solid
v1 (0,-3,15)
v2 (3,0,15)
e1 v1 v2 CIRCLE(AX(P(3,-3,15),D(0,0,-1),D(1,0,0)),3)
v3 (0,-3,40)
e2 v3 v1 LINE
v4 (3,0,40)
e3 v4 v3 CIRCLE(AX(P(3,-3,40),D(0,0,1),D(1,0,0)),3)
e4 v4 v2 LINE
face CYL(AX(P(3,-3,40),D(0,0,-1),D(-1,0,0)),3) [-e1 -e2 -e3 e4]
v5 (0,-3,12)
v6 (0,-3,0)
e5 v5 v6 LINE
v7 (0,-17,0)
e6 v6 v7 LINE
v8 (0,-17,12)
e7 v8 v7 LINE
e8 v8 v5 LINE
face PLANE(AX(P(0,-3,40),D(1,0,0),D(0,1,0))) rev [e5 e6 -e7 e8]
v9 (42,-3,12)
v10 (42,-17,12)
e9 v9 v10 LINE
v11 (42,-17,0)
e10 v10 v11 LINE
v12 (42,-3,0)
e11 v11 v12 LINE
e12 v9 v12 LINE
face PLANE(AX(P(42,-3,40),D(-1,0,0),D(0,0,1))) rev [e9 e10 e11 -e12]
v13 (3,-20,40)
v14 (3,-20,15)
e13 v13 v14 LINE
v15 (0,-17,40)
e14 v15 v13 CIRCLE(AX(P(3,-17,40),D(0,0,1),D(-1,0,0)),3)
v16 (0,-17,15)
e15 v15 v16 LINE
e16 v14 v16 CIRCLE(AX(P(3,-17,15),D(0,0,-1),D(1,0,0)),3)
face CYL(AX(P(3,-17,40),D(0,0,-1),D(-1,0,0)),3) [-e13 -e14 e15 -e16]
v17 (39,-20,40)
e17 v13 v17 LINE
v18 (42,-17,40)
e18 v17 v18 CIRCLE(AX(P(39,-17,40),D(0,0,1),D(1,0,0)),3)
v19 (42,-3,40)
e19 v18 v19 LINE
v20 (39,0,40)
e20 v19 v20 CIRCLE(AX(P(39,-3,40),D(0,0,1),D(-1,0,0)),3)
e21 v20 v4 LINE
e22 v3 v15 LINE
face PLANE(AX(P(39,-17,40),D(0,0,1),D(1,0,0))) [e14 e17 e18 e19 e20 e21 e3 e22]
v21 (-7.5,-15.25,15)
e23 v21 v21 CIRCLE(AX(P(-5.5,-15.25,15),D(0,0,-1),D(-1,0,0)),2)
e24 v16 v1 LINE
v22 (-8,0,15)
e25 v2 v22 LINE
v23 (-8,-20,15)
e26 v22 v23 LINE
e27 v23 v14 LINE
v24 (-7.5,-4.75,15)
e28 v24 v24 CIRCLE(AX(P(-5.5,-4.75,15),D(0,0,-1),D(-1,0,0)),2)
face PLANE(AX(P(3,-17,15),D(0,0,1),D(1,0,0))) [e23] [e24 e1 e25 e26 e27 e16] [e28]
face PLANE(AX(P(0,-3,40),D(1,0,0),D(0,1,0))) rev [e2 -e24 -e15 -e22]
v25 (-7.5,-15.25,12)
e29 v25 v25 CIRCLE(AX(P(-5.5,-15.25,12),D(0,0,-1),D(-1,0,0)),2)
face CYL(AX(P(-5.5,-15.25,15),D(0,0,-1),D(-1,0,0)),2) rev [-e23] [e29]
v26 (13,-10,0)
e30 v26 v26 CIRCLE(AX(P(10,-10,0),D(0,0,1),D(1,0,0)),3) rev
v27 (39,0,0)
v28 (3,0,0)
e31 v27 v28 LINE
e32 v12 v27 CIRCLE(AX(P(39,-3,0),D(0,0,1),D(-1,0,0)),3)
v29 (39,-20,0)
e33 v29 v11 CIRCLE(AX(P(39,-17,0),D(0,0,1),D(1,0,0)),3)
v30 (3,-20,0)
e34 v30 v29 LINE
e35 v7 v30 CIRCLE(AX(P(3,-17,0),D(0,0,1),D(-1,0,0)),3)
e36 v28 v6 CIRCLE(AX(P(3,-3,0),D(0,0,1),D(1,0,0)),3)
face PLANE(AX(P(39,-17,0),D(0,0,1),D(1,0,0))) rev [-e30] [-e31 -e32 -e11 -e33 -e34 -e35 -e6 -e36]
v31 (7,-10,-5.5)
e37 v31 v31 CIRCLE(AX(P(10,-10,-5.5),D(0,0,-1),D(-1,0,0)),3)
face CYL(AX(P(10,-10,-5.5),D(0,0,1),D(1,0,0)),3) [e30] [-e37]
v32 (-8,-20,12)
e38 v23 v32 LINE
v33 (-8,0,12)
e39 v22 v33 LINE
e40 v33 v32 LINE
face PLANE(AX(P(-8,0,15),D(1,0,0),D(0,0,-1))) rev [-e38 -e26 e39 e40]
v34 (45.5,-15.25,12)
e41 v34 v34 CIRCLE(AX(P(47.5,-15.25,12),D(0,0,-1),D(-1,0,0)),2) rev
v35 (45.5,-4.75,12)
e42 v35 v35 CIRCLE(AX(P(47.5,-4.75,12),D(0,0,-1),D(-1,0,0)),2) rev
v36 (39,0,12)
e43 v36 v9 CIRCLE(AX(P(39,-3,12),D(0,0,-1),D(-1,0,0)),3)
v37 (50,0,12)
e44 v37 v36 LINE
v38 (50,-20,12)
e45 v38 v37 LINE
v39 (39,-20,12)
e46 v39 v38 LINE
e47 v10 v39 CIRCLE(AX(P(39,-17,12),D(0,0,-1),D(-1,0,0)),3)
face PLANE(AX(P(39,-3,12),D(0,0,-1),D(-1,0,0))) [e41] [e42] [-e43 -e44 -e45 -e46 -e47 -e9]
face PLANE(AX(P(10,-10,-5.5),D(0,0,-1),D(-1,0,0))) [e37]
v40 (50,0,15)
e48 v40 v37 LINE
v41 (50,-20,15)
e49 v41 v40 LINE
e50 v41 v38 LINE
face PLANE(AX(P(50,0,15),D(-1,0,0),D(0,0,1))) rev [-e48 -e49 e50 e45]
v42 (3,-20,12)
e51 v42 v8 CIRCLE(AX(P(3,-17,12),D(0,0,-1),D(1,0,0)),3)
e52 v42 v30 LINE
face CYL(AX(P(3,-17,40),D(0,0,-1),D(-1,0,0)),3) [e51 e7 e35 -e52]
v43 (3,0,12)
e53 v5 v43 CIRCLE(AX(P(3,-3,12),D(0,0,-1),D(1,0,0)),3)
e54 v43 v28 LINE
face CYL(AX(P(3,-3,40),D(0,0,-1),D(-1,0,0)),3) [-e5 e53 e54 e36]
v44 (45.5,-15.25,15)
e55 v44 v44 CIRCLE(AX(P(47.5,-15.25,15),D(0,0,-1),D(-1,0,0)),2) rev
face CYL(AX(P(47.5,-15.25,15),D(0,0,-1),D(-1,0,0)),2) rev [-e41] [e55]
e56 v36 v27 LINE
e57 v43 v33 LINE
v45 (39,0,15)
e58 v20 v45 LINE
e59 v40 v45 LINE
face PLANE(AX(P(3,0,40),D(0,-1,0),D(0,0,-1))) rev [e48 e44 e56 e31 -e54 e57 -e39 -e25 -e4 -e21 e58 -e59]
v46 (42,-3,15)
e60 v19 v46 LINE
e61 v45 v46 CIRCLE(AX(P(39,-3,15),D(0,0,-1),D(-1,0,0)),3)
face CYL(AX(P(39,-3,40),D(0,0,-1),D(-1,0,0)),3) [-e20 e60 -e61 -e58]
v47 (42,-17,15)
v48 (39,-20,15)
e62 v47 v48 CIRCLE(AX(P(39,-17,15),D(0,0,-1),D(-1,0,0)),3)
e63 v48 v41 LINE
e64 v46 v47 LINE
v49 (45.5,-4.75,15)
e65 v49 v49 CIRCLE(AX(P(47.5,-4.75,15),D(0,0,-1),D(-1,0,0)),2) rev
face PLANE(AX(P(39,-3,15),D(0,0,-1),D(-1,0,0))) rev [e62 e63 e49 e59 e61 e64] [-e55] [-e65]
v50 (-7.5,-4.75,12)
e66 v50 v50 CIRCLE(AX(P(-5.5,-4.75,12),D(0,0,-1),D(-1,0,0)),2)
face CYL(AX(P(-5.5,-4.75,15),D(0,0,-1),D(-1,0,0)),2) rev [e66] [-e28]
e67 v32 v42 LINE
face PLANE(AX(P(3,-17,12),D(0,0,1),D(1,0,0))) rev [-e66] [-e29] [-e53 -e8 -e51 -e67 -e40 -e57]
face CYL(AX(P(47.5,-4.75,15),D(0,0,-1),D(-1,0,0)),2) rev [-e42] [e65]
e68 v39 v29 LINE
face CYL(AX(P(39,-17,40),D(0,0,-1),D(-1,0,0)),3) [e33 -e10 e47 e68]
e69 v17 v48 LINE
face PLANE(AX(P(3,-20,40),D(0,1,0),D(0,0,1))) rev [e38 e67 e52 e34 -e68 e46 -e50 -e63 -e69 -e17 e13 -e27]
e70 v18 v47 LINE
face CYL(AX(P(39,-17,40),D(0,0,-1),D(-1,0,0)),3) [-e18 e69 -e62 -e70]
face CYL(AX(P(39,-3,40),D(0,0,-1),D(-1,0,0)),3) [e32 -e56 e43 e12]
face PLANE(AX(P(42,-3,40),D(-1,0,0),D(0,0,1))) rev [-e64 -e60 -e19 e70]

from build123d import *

# Parameters (mm, degrees)
EXTRUDE_1_DEPTH     = 40
EXTRUDE_2_DEPTH     = 3
SKETCH_4_R          = 2
CUT_EXTRUDE_1_DEPTH = 3
SKETCH_5_R          = 3
EXTRUDE_3_DEPTH     = 5.5


with BuildPart() as part:
    # 草图1 → 凸台-拉伸1 (new body)
    with BuildSketch(Plane.XY):
        with BuildLine():
            Line((3, 0), (39, 0))
            ThreePointArc((39, 0), (41.121320344, -0.878679656), (42, -3))
            Line((42, -3), (42, -17))
            ThreePointArc((42, -17), (41.121320344, -19.121320344), (39, -20))
            Line((39, -20), (3, -20))
            ThreePointArc((3, -20), (0.878679656, -19.121320344), (0, -17))
            Line((0, -17), (0, -3))
            ThreePointArc((0, -3), (0.878679656, -0.878679656), (3, 0))
        make_face()
    extrude(amount=EXTRUDE_1_DEPTH)

    # 草图3 → 凸台-拉伸2 (add)
    with BuildSketch(Plane.XY.offset(12)):
        with BuildLine():
            Line((3, 0), (-8, 0))
            Line((-8, 0), (-8, -20))
            Line((-8, -20), (3, -20))
            ThreePointArc((3, -20), (0.878679656, -19.121320344), (0, -17))
            Line((0, -17), (0, -3))
            ThreePointArc((0, -3), (0.878679656, -0.878679656), (3, 0))
        make_face()
        with BuildLine():
            Line((42, -3), (42, -17))
            ThreePointArc((42, -17), (41.121320344, -19.121320344), (39, -20))
            Line((39, -20), (50, -20))
            Line((50, -20), (50, 0))
            Line((50, 0), (39, 0))
            ThreePointArc((39, 0), (41.121320344, -0.878679656), (42, -3))
        make_face()
    extrude(amount=EXTRUDE_2_DEPTH)

    # 草图4 → 切除-拉伸1 (cut)
    with BuildSketch(Plane(origin=(0, 0, 12), x_dir=(-1, 0, 0), z_dir=(0, 0, -1))):
        with Locations((5.5, -4.75)):
            Circle(SKETCH_4_R)
        with Locations((5.5, -15.25)):
            Circle(SKETCH_4_R)
        with Locations((-47.5, -4.75)):
            Circle(SKETCH_4_R)
        with Locations((-47.5, -15.25)):
            Circle(SKETCH_4_R)
    extrude(amount=-CUT_EXTRUDE_1_DEPTH, mode=Mode.SUBTRACT)

    # 草图5 → 凸台-拉伸3 (add)
    with BuildSketch(Plane(origin=(0, 0, 0), x_dir=(-1, 0, 0), z_dir=(0, 0, -1))):
        with Locations(Location((-10, -10, 0), (0, 0, 180))):
            Circle(SKETCH_5_R)
    extrude(amount=EXTRUDE_3_DEPTH)


solid = part.part
